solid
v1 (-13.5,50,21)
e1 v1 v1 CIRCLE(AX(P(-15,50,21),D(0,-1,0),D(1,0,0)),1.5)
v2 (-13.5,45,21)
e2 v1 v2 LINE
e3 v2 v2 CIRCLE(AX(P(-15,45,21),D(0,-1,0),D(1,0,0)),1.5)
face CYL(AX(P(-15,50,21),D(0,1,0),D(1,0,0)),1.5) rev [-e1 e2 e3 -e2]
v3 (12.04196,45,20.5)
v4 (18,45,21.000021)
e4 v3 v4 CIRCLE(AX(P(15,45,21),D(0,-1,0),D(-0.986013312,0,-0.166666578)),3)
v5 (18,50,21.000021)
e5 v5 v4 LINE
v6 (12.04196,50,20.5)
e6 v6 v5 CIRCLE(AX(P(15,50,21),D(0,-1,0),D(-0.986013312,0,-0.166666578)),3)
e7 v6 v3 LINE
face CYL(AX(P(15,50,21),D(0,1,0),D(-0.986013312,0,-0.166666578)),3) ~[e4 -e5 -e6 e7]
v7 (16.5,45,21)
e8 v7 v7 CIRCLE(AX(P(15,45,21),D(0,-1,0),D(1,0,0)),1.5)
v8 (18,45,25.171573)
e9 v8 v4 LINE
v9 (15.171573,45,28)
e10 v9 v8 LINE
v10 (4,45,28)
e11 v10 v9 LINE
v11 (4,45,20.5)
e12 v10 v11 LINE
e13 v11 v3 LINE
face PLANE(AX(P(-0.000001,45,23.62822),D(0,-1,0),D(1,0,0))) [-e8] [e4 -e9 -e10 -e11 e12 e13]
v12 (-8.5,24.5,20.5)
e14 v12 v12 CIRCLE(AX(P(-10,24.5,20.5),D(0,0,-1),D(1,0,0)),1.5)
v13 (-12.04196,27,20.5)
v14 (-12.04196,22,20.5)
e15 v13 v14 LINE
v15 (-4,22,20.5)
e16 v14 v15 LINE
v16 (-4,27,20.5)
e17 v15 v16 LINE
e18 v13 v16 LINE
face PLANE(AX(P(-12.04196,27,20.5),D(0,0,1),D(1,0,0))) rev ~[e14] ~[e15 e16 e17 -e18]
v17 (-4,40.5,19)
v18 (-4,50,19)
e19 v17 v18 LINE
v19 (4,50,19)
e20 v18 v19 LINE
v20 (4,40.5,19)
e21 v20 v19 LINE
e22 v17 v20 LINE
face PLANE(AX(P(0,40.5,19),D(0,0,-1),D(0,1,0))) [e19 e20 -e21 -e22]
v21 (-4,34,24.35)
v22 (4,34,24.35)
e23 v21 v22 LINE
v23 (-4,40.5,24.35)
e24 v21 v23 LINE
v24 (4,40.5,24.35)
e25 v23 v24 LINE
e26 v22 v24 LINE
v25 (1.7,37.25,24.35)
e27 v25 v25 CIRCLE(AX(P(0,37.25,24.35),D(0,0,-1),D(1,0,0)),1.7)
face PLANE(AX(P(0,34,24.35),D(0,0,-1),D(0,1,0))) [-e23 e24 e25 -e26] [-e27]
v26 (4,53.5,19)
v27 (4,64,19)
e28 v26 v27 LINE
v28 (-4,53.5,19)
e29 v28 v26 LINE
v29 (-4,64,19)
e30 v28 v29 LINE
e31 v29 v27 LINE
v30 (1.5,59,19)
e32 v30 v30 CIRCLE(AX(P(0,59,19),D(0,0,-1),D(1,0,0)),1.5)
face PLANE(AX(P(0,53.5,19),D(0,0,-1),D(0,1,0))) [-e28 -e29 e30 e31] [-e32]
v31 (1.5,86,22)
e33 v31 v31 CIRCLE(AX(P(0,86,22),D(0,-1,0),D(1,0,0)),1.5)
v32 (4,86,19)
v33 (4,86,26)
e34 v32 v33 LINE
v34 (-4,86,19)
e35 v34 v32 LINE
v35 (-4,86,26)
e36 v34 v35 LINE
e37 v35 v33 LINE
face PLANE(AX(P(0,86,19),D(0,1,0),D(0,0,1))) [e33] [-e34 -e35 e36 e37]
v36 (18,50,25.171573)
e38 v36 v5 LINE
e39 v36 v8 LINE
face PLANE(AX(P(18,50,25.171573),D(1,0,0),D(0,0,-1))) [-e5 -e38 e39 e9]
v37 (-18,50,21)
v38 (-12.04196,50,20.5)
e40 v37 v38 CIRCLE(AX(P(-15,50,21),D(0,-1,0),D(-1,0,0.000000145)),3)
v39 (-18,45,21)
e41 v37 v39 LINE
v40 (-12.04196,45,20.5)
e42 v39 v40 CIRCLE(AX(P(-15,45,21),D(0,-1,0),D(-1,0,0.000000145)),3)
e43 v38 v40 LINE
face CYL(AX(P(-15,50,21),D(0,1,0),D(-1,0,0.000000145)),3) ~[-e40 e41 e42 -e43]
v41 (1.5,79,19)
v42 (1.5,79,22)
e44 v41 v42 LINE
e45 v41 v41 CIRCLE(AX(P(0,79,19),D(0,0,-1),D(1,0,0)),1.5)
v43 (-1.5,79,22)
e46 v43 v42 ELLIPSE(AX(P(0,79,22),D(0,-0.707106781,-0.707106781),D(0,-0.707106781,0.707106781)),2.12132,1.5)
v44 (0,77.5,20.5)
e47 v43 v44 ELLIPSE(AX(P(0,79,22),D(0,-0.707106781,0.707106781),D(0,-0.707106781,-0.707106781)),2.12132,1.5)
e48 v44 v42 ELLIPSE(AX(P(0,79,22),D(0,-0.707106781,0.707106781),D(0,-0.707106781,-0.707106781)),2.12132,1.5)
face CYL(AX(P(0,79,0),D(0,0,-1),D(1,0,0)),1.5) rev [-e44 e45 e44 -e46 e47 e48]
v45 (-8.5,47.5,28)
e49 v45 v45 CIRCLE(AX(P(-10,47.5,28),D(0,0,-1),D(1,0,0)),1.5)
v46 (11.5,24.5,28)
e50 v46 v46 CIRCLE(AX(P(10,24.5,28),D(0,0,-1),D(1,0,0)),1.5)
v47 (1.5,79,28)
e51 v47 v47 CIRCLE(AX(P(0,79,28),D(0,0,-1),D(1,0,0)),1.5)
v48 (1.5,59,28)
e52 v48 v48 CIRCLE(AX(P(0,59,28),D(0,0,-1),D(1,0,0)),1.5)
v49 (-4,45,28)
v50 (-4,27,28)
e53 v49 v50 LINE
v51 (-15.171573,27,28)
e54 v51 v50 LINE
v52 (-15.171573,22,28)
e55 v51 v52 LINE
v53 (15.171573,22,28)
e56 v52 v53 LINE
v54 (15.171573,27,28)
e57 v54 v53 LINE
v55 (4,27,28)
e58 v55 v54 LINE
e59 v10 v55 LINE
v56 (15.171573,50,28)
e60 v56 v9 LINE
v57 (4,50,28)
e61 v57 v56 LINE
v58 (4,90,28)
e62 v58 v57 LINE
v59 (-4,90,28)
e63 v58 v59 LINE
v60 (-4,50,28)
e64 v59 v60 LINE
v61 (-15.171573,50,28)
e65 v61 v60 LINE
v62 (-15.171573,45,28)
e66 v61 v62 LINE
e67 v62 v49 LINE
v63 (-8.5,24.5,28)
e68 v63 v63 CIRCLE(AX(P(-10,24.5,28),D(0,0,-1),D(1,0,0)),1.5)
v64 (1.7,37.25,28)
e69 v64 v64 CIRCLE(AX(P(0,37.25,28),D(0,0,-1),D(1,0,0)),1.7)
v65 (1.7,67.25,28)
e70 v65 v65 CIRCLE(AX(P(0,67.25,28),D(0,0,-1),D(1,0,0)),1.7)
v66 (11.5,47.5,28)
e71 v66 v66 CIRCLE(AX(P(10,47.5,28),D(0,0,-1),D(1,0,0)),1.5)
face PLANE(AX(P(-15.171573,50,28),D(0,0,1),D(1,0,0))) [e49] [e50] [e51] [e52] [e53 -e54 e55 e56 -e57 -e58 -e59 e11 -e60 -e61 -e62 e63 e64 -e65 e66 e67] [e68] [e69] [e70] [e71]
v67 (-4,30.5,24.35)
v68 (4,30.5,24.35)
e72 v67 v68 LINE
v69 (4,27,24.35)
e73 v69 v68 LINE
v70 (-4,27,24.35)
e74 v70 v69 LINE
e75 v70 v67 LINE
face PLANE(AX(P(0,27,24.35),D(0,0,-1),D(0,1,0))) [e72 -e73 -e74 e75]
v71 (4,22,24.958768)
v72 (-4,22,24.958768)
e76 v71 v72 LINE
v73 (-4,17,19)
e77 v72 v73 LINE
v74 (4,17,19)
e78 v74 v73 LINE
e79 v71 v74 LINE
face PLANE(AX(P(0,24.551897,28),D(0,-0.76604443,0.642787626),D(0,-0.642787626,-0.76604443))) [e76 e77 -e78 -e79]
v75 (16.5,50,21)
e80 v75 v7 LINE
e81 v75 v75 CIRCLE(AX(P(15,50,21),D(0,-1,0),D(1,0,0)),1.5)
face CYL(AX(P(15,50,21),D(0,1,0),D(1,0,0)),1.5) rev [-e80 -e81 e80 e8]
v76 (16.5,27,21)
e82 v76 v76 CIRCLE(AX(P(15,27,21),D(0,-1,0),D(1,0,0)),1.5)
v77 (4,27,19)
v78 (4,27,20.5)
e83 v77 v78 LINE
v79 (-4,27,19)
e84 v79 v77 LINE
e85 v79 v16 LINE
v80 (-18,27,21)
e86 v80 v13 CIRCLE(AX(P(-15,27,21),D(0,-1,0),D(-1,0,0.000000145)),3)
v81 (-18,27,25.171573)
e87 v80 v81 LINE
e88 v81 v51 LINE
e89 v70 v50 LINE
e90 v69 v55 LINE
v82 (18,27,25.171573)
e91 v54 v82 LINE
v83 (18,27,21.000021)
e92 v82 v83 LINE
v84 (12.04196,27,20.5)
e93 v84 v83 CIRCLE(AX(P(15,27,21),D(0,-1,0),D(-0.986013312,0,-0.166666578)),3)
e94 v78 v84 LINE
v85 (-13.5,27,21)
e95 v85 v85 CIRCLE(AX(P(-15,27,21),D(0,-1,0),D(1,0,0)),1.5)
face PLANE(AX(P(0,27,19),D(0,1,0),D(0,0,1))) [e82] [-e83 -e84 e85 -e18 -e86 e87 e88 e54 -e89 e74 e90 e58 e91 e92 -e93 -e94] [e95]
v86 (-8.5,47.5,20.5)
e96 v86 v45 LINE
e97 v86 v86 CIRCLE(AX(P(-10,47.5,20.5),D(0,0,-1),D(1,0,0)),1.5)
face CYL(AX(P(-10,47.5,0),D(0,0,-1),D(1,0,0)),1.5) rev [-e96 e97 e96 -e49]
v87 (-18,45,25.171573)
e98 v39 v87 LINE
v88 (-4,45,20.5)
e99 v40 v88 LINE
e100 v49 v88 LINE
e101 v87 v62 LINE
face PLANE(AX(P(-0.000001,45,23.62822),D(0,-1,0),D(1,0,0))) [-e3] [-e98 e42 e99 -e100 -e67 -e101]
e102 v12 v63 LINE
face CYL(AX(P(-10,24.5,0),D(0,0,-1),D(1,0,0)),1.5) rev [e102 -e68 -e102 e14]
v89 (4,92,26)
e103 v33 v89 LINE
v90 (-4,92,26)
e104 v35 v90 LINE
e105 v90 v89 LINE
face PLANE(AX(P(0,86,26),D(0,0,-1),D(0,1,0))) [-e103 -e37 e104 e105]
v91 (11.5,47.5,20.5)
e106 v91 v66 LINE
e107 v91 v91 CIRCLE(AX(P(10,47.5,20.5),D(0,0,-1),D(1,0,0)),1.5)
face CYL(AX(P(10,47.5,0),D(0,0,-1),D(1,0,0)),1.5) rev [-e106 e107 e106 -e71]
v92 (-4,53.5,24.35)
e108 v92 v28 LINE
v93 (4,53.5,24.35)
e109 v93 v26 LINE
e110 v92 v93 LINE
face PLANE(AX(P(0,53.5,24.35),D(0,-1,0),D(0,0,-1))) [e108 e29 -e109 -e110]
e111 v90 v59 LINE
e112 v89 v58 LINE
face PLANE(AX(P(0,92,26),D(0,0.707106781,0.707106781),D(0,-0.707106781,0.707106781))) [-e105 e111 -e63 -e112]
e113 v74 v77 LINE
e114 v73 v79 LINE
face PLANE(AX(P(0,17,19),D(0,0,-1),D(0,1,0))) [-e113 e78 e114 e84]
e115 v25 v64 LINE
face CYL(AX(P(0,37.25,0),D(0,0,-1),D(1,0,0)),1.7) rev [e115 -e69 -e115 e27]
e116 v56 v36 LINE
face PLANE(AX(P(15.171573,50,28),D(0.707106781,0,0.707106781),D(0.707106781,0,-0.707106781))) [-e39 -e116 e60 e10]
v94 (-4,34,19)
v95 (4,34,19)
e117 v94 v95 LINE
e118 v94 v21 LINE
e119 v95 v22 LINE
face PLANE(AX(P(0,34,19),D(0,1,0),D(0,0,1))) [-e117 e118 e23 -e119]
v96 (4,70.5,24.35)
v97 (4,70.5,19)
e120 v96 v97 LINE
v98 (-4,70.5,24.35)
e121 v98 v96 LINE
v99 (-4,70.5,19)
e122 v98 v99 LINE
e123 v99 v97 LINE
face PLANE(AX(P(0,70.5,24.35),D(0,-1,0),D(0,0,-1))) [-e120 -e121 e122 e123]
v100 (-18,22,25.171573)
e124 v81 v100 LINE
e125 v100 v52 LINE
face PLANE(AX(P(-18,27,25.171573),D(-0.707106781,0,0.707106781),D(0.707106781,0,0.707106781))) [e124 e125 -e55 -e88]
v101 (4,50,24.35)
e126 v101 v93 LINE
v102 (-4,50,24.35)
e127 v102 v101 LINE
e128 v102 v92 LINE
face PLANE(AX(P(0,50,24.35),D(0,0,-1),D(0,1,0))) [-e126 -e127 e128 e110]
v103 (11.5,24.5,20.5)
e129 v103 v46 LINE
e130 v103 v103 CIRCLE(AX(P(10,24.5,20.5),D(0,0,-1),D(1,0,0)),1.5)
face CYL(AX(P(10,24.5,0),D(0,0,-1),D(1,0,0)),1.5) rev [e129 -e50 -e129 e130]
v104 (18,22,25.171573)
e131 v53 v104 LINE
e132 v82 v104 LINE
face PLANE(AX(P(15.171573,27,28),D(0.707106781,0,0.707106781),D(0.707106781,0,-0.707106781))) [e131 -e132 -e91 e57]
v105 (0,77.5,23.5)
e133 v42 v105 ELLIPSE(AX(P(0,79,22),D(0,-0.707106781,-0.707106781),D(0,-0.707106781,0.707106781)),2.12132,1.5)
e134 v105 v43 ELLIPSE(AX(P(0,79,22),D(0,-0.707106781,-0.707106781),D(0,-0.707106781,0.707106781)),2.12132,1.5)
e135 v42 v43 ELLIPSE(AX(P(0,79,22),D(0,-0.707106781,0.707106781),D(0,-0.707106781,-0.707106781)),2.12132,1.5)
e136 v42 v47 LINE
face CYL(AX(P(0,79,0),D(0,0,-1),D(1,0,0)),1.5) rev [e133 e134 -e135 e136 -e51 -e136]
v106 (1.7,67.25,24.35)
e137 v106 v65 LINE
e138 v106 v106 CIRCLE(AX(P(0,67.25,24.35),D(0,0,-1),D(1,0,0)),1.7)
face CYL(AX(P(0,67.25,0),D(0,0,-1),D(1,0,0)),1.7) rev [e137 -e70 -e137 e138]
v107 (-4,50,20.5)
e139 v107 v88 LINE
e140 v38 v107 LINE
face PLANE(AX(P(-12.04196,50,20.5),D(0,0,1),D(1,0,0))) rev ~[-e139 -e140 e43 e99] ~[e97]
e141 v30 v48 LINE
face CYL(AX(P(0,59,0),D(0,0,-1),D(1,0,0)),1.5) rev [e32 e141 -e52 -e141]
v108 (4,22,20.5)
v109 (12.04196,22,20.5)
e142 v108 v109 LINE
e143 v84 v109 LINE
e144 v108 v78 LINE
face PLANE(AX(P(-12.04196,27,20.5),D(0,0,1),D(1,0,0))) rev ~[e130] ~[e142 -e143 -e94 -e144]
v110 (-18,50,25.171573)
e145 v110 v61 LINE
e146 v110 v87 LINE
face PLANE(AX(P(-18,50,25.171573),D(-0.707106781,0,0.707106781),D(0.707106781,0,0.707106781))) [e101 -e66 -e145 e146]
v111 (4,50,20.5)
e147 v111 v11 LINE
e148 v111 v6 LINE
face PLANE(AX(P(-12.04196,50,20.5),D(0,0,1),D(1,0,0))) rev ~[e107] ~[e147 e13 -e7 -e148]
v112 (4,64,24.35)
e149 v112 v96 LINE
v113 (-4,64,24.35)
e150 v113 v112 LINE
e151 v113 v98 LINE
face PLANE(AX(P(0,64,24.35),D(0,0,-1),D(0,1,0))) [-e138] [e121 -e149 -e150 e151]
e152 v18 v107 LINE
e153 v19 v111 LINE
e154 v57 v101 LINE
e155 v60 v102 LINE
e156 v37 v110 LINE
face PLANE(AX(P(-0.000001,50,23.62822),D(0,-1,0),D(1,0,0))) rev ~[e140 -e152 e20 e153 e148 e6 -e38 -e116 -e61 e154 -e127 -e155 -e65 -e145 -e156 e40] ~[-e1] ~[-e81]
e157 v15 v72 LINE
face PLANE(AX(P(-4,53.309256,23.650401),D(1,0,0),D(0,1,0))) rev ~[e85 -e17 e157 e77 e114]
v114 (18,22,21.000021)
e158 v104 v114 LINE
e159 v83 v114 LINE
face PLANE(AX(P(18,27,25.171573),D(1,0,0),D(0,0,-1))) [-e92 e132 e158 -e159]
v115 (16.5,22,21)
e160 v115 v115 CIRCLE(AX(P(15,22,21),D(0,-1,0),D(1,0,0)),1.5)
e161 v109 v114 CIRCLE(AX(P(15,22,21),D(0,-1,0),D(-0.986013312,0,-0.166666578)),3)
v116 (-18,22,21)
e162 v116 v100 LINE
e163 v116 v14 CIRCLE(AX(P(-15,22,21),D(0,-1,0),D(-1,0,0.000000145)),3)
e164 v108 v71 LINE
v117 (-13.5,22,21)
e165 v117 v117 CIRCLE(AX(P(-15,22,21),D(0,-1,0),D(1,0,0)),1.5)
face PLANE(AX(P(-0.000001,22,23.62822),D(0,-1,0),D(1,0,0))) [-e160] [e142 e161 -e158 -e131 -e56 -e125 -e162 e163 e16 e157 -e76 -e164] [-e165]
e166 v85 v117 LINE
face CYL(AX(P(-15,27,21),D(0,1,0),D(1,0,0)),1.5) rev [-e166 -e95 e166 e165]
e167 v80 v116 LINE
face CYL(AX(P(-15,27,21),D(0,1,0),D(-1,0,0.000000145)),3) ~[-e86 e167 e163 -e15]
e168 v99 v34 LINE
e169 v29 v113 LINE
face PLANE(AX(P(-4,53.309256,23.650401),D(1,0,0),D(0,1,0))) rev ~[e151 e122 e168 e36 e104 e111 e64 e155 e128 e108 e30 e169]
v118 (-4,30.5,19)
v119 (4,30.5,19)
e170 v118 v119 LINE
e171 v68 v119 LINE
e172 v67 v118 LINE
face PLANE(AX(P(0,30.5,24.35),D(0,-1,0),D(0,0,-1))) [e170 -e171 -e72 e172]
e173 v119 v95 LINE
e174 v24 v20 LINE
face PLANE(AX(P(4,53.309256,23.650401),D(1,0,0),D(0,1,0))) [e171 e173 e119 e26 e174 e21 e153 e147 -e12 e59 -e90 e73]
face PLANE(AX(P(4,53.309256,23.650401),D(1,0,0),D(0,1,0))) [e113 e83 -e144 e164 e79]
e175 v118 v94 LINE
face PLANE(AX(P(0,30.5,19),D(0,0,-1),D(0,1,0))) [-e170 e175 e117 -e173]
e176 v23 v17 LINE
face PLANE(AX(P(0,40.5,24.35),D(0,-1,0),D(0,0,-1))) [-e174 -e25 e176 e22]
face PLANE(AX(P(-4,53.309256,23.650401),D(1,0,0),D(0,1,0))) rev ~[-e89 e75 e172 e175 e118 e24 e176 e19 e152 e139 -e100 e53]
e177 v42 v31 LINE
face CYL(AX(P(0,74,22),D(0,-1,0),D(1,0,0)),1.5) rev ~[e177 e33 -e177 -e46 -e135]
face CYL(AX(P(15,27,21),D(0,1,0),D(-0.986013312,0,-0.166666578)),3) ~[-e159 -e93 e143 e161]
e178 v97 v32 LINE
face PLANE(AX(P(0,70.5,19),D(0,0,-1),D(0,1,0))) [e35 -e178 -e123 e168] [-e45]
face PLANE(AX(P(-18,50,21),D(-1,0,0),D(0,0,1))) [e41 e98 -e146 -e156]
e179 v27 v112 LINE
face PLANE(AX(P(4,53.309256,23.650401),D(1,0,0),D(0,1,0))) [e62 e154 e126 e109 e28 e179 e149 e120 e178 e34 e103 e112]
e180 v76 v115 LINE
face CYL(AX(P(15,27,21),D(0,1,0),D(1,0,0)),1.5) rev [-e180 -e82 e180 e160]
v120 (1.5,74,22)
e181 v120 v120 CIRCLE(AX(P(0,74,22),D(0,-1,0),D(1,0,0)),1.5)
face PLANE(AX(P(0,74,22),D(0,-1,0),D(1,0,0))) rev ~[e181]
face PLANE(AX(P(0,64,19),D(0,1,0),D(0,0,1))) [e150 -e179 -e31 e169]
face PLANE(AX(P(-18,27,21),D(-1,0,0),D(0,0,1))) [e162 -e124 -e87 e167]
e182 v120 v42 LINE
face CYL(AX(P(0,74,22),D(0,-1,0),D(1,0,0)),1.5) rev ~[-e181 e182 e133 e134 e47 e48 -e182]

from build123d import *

# Parameters (mm, degrees)
SKETCH128_R  = 1.5
PAD102_DEPTH = 50
SKETCH126_R  = 1.7
PAD100_DEPTH = 50
SKETCH124_R  = 1.7
PAD098_DEPTH = 50
SKETCH127_R  = 1.5
PAD101_DEPTH = 20
PAD078_DEPTH = 4
SKETCH109_R  = 1.5
PAD082_DEPTH = 5
SKETCH106_R  = 1.5
PAD077_DEPTH = 5


with BuildPart() as topscrewcutouts:
    # Sketch128 → Pad102 (new body)
    with BuildSketch(Plane.XY):
        with Locations((0, 79)):
            Circle(SKETCH128_R)
        with Locations((-10, 47.5)):
            Circle(SKETCH128_R)
        with Locations((10, 47.5)):
            Circle(SKETCH128_R)
        with Locations((-10, 24.5)):
            Circle(SKETCH128_R)
        with Locations((10, 24.5)):
            Circle(SKETCH128_R)
        with Locations((0, 59)):
            Circle(SKETCH128_R)
    extrude(amount=PAD102_DEPTH)


with BuildPart() as screwcutout:
    # Sketch126 → Pad100 (new body)
    with BuildSketch(Plane(origin=(0, 70, 0), x_dir=(1, 0, 0), z_dir=(0, 0, 1))):
        with Locations((0, -2.75)):
            Circle(SKETCH126_R)
    extrude(amount=PAD100_DEPTH)


with BuildPart() as pad098:
    # Sketch124 → Pad098 (new body)
    with BuildSketch(Plane(origin=(0, 40, 0), x_dir=(1, 0, 0), z_dir=(0, 0, 1))):
        with Locations((0, -2.75)):
            Circle(SKETCH124_R)
    extrude(amount=PAD098_DEPTH)


with BuildPart() as cutouts:
    # Sketch127 → Pad101 (new body)
    with BuildSketch(Plane.XZ.offset(-74)):
        with Locations((0, 22)):
            Circle(SKETCH127_R)
    extrude(amount=-PAD101_DEPTH)

    # Fusion004020004: union ScrewCutout, Pad098
    add(screwcutout.part)
    add(pad098.part)


with BuildPart() as mainspine:
    # Sketch102 → Pad078 (new body, symmetric)
    with BuildSketch(Plane.YZ):
        Polygon((17, 19), (27, 19), (27, 24.35), (30.5, 24.35), (30.5, 19), (34, 19), (34, 24.35), (40.5, 24.35), (40.5, 19), (50, 19), (50, 24.35), (53.5, 24.35), (53.5, 19), (64, 19), (64, 24.35), (70.5, 24.35), (70.5, 19), (86, 19), (86, 26), (92, 26), (90, 28), (24.551897, 28), align=None)
    extrude(amount=PAD078_DEPTH, both=True)


with BuildPart() as centermount:
    # Sketch109 → Pad082 (new body)
    with BuildSketch(Plane.XZ.offset(-50)):
        with BuildLine():
            Line((-12.04196, 20.5), (12.04196, 20.5))
            ThreePointArc((12.04196, 20.5), (15.250889, 18.010509), (18, 21.000021))
            Line((18, 25.171573), (18, 21.000021))
            Line((15.171573, 28), (18, 25.171573))
            Line((-15.171573, 28), (15.171573, 28))
            Line((-18, 25.171573), (-15.171573, 28))
            Line((-18, 21), (-18, 25.171573))
            ThreePointArc((-18, 21), (-15.250879, 18.010508), (-12.04196, 20.5))
        make_face()
        with Locations((15, 21)):
            Circle(SKETCH109_R, mode=Mode.SUBTRACT)
        with Locations((-15, 21)):
            Circle(SKETCH109_R, mode=Mode.SUBTRACT)
    extrude(amount=PAD082_DEPTH)


with BuildPart() as cut007019010:
    # Sketch106 → Pad077 (new body)
    with BuildSketch(Plane.XZ.offset(-27)):
        with BuildLine():
            Line((-12.04196, 20.5), (12.04196, 20.5))
            ThreePointArc((12.04196, 20.5), (15.250889, 18.010509), (18, 21.000021))
            Line((18, 25.171573), (18, 21.000021))
            Line((15.171573, 28), (18, 25.171573))
            Line((-15.171573, 28), (15.171573, 28))
            Line((-18, 25.171573), (-15.171573, 28))
            Line((-18, 21), (-18, 25.171573))
            ThreePointArc((-18, 21), (-15.250879, 18.010508), (-12.04196, 20.5))
        make_face()
        with Locations((15, 21)):
            Circle(SKETCH106_R, mode=Mode.SUBTRACT)
        with Locations((-15, 21)):
            Circle(SKETCH106_R, mode=Mode.SUBTRACT)
    extrude(amount=PAD077_DEPTH)

    # Fusion004020002: union MainSpine, CenterMount
    add(mainspine.part)
    add(centermount.part)

    # Cut007019009: cut Cutouts
    add(cutouts.part, mode=Mode.SUBTRACT)

    # Cut007019010: cut TopScrewCutouts
    add(topscrewcutouts.part, mode=Mode.SUBTRACT)


solid = cut007019010.part
